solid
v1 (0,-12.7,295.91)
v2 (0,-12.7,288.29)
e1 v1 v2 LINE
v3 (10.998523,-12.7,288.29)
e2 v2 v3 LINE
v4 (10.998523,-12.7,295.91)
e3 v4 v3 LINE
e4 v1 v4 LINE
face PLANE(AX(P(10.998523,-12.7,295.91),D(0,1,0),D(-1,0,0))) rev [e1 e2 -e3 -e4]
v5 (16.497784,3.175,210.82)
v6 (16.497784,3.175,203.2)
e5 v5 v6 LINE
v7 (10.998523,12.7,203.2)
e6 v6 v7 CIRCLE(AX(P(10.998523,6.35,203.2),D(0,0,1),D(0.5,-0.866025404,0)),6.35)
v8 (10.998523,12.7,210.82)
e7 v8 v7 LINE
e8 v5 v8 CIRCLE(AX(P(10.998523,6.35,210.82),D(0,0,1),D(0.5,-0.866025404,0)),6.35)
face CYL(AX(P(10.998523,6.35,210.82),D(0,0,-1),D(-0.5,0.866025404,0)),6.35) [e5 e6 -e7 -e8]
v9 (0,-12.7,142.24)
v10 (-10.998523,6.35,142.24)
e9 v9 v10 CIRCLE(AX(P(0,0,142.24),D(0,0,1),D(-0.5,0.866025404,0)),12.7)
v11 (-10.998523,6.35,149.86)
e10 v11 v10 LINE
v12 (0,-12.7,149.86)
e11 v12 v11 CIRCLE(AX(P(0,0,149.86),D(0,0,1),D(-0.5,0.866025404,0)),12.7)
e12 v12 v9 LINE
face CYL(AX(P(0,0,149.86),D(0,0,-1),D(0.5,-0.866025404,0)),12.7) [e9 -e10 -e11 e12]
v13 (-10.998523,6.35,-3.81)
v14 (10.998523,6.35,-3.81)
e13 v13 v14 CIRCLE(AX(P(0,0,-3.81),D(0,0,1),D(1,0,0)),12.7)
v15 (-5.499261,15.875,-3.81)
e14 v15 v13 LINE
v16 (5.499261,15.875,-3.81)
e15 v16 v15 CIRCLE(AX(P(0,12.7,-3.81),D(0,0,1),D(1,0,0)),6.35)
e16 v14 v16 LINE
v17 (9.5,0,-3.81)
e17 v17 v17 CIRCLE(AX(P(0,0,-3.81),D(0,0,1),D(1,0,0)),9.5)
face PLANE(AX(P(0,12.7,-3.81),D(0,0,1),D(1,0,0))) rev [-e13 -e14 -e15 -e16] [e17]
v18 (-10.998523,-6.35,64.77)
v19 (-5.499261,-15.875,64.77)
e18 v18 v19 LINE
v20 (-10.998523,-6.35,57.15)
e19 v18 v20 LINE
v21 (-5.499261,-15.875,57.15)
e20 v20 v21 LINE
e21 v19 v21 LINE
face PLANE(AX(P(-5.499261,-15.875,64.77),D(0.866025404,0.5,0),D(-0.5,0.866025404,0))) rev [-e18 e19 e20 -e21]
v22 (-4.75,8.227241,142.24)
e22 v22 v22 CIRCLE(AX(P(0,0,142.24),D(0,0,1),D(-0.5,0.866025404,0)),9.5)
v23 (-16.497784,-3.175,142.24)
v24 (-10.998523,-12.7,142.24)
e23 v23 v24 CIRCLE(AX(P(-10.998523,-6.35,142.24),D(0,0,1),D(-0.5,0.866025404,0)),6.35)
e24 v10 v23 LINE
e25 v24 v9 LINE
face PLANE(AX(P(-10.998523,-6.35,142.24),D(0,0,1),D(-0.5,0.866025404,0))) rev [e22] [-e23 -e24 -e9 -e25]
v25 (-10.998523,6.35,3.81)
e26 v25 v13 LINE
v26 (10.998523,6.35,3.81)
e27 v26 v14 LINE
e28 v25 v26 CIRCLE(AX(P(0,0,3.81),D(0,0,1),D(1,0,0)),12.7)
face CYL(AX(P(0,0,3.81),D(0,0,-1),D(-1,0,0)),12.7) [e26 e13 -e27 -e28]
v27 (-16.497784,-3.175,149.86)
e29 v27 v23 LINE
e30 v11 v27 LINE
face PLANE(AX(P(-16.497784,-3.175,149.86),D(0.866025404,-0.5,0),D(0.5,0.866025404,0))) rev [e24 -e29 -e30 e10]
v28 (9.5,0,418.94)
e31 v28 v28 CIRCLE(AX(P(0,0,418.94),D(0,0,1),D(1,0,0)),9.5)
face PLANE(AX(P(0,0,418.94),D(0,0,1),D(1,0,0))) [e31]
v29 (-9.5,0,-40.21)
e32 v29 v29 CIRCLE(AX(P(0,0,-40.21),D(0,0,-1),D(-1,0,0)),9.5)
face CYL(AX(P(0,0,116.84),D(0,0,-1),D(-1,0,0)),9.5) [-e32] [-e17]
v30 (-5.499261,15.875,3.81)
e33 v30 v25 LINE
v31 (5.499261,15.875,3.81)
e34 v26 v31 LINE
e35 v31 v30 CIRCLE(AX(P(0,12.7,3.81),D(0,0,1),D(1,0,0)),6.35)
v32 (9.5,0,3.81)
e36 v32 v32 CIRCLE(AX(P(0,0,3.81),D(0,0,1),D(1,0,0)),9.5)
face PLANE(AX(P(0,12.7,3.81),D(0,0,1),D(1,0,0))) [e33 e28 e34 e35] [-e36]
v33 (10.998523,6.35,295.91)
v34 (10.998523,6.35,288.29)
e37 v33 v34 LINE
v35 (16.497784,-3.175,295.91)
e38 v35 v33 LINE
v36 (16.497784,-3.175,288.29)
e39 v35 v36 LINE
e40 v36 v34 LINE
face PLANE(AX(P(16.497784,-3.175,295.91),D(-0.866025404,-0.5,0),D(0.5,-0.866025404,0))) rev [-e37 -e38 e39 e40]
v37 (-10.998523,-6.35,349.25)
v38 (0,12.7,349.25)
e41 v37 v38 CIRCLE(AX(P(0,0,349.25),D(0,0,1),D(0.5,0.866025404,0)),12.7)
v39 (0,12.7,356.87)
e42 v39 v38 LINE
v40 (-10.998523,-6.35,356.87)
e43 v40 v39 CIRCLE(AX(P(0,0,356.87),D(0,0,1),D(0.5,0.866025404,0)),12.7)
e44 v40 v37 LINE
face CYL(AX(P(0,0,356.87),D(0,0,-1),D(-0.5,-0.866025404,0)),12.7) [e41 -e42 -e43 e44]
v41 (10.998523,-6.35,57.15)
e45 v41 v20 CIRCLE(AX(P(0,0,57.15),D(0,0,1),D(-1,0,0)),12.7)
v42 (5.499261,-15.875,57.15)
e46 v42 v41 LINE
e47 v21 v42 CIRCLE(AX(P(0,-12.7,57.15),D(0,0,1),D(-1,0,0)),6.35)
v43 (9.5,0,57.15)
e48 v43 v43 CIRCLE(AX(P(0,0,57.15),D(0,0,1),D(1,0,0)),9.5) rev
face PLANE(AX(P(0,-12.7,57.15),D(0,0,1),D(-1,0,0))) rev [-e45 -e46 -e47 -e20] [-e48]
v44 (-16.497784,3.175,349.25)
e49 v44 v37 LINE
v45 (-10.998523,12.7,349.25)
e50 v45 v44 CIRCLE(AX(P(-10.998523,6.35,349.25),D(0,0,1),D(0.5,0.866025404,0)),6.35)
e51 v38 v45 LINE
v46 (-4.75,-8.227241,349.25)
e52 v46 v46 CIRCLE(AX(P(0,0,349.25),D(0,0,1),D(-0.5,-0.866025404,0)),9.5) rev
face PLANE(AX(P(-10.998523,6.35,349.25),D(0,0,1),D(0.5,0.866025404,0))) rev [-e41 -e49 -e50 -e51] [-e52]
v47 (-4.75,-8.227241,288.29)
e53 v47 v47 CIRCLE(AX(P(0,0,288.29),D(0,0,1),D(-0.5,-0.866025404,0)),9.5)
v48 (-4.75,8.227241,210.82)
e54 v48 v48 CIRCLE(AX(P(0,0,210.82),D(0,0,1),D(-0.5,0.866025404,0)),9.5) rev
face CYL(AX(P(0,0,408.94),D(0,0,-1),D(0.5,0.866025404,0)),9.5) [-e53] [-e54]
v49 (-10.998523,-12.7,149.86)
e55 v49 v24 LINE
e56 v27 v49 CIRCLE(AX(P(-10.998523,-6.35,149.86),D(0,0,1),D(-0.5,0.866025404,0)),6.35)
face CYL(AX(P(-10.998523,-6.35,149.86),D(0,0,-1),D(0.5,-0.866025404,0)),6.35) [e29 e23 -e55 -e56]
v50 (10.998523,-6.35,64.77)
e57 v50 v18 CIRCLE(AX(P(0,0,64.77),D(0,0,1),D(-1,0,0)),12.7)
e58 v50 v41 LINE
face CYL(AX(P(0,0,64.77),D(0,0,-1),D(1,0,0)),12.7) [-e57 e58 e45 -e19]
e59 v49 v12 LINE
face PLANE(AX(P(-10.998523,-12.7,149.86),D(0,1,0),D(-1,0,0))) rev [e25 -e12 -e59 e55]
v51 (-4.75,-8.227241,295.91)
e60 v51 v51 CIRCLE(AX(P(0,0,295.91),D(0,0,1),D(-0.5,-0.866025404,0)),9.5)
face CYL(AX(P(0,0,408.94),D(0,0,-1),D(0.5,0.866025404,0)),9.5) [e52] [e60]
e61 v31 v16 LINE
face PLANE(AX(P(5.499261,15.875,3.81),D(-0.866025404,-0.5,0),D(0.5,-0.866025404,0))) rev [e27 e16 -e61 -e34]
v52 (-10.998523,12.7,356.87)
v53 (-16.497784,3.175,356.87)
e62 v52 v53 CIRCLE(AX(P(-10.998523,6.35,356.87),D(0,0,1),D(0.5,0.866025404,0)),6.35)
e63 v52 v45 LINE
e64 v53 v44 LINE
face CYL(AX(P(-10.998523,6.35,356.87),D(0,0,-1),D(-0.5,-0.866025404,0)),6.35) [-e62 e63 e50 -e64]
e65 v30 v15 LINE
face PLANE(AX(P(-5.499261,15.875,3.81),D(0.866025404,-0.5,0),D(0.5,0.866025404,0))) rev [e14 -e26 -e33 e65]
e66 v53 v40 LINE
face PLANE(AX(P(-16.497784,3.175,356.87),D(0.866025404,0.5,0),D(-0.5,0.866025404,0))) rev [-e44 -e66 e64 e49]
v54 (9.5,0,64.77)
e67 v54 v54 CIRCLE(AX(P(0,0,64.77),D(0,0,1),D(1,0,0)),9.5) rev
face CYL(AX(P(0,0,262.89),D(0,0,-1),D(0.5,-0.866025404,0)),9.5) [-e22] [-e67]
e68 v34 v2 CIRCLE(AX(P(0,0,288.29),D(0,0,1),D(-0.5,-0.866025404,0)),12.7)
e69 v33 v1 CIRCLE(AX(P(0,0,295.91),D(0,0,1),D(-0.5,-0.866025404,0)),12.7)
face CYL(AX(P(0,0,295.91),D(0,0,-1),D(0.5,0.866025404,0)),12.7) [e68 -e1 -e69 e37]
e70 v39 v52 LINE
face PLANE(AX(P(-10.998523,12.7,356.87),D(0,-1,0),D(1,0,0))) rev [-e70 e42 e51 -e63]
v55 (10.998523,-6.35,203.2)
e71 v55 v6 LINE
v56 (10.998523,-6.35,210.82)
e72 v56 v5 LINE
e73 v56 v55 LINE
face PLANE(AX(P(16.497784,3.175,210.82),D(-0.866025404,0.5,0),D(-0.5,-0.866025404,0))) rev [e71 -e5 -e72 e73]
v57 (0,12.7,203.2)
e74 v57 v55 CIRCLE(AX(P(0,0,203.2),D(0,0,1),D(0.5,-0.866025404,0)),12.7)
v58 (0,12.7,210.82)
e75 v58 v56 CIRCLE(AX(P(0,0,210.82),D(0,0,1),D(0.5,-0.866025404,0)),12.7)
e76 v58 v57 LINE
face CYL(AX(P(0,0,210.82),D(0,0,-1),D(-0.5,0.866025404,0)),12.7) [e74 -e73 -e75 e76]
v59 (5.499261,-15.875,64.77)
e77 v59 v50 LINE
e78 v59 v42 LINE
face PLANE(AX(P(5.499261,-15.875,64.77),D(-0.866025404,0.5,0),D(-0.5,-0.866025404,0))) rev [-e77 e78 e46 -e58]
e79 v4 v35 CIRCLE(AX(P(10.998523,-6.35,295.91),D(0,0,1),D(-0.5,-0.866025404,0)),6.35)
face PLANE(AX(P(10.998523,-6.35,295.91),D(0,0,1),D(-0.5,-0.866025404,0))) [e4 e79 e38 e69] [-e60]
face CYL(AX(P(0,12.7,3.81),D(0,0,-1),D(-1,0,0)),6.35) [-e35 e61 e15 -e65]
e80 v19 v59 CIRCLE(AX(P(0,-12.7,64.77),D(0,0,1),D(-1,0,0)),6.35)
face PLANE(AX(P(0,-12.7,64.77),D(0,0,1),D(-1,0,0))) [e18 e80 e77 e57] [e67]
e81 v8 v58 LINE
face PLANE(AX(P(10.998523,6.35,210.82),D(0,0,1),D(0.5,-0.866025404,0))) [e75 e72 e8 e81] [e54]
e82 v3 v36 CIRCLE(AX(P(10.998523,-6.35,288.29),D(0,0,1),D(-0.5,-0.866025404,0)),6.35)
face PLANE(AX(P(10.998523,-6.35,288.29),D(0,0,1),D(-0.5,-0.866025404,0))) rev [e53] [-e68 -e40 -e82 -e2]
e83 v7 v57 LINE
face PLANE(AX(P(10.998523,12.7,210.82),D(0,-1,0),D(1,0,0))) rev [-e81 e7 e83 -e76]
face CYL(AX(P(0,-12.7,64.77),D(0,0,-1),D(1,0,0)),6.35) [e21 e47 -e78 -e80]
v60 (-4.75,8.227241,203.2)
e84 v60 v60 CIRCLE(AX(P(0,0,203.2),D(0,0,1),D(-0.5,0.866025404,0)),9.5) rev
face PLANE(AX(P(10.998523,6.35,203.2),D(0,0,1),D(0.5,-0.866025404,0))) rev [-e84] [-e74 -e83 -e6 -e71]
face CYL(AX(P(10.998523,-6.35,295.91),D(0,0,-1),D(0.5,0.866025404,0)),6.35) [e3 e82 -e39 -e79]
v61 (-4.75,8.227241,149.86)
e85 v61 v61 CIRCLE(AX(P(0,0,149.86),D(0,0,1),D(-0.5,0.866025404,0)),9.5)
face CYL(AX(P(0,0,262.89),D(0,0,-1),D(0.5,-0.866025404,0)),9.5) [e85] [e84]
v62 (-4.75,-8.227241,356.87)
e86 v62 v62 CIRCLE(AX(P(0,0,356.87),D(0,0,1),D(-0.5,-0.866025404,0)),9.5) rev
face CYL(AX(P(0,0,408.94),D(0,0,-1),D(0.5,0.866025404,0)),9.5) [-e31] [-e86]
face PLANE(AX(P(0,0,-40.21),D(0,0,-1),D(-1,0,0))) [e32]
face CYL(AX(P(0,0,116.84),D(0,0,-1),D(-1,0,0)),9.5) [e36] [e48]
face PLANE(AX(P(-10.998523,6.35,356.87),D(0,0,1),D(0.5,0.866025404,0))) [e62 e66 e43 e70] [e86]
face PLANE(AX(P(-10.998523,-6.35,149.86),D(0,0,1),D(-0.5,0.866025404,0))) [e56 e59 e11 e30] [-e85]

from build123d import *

# Parameters (mm, degrees)
BOSS_EXTRUDE1_DEPTH   = 3.81
BODY_MOVE_COPY2_ANGLE = 180
SKETCH2_R             = 9.5
BOSS_EXTRUDE2_DEPTH   = 146.05
LPATTERN1_COUNT       = 3
LPATTERN1_PITCH       = 146.05
BODY_MOVE_COPY3_ANGLE = 120
BODY_MOVE_COPY4_ANGLE = 120
BOSS_EXTRUDE3_START   = 27.94
SKETCH3_R             = 9.5
BOSS_EXTRUDE3_DEPTH   = 27.94
SKETCH4_R             = 9.5
CUT_EXTRUDE1_DEPTH    = 16.94
SKETCH5_R             = 9.5
BOSS_EXTRUDE4_DEPTH   = 10


with BuildPart() as part:
    # Sketch1 → Boss-Extrude1 (new, symmetric)
    with BuildSketch(Plane.XY):
        with BuildLine():
            Line((-5.499261314, 15.875), (-10.998522628, 6.35))
            ThreePointArc((-10.998522628, 6.35), (0, -12.7), (10.998522628, 6.35))
            Line((10.998522628, 6.35), (5.499261314, 15.875))
            ThreePointArc((5.499261314, 15.875), (0, 19.05), (-5.499261314, 15.875))
        make_face()
    extrude(amount=BOSS_EXTRUDE1_DEPTH, both=True)


with BuildPart() as body_2:
    # Body-Move/Copy1: copy of part
    add(part.part.moved(Location((0, 0, 60.96))))


with BuildPart() as body_2_1:
    # Body-Move/Copy2: moved
    add(body_2.part.rotate(Axis((0, 0, 0), (0, 0, 1)), BODY_MOVE_COPY2_ANGLE))


with BuildPart() as part_1:
    add(part.part)

    add(body_2_1.part)  # Boss-Extrude2 merges body 2
    # Sketch2 → Boss-Extrude2 (add)
    with BuildSketch(Plane(origin=(0, 0, -29.21), x_dir=(-1, 0, 0), z_dir=(0, 0, -1))):
        Circle(SKETCH2_R)
    extrude(amount=-BOSS_EXTRUDE2_DEPTH)


with BuildPart() as lpattern1_1:
    # LPattern1: pattern copy
    add(part_1.part.moved(Location(Vector(0, 0, 1) * (1 * LPATTERN1_PITCH))))


with BuildPart() as lpattern1_2:
    # LPattern1: pattern copy
    add(part_1.part.moved(Location(Vector(0, 0, 1) * (2 * LPATTERN1_PITCH))))


with BuildPart() as lpattern1_1_1:
    # Body-Move/Copy3: moved
    add(lpattern1_1.part.rotate(Axis((0, 0, 0), (0, 0, 1)), BODY_MOVE_COPY3_ANGLE))


with BuildPart() as lpattern1_2_1:
    # Body-Move/Copy4: moved
    add(lpattern1_2.part.rotate(Axis((0, 0, 0), (0, 0, -1)), BODY_MOVE_COPY4_ANGLE))


with BuildPart() as part_2:
    add(part_1.part)

    # Sketch3 → Boss-Extrude3 (add)
    with BuildSketch(Plane(origin=(0, 0, -29.21), x_dir=(-1, 0, 0), z_dir=(0, 0, -1)).offset(BOSS_EXTRUDE3_START)):
        Circle(SKETCH3_R)
    extrude(amount=-BOSS_EXTRUDE3_DEPTH)


with BuildPart() as lpattern1_2_2:
    add(lpattern1_2_1.part)

    # Combine1: union LPattern1_1, part
    add(lpattern1_1_1.part)
    add(part_2.part)

    # Sketch4 → Cut-Extrude1 (cut)
    with BuildSketch(Plane(origin=(0, 0, -57.15), x_dir=(-1, 0, 0), z_dir=(0, 0, -1))):
        Circle(SKETCH4_R)
    extrude(amount=-CUT_EXTRUDE1_DEPTH, mode=Mode.SUBTRACT)

    # Sketch5 → Boss-Extrude4 (add)
    with BuildSketch(Plane.XY.offset(408.94)):
        Circle(SKETCH5_R)
    extrude(amount=BOSS_EXTRUDE4_DEPTH)


solid = lpattern1_2_2.part
